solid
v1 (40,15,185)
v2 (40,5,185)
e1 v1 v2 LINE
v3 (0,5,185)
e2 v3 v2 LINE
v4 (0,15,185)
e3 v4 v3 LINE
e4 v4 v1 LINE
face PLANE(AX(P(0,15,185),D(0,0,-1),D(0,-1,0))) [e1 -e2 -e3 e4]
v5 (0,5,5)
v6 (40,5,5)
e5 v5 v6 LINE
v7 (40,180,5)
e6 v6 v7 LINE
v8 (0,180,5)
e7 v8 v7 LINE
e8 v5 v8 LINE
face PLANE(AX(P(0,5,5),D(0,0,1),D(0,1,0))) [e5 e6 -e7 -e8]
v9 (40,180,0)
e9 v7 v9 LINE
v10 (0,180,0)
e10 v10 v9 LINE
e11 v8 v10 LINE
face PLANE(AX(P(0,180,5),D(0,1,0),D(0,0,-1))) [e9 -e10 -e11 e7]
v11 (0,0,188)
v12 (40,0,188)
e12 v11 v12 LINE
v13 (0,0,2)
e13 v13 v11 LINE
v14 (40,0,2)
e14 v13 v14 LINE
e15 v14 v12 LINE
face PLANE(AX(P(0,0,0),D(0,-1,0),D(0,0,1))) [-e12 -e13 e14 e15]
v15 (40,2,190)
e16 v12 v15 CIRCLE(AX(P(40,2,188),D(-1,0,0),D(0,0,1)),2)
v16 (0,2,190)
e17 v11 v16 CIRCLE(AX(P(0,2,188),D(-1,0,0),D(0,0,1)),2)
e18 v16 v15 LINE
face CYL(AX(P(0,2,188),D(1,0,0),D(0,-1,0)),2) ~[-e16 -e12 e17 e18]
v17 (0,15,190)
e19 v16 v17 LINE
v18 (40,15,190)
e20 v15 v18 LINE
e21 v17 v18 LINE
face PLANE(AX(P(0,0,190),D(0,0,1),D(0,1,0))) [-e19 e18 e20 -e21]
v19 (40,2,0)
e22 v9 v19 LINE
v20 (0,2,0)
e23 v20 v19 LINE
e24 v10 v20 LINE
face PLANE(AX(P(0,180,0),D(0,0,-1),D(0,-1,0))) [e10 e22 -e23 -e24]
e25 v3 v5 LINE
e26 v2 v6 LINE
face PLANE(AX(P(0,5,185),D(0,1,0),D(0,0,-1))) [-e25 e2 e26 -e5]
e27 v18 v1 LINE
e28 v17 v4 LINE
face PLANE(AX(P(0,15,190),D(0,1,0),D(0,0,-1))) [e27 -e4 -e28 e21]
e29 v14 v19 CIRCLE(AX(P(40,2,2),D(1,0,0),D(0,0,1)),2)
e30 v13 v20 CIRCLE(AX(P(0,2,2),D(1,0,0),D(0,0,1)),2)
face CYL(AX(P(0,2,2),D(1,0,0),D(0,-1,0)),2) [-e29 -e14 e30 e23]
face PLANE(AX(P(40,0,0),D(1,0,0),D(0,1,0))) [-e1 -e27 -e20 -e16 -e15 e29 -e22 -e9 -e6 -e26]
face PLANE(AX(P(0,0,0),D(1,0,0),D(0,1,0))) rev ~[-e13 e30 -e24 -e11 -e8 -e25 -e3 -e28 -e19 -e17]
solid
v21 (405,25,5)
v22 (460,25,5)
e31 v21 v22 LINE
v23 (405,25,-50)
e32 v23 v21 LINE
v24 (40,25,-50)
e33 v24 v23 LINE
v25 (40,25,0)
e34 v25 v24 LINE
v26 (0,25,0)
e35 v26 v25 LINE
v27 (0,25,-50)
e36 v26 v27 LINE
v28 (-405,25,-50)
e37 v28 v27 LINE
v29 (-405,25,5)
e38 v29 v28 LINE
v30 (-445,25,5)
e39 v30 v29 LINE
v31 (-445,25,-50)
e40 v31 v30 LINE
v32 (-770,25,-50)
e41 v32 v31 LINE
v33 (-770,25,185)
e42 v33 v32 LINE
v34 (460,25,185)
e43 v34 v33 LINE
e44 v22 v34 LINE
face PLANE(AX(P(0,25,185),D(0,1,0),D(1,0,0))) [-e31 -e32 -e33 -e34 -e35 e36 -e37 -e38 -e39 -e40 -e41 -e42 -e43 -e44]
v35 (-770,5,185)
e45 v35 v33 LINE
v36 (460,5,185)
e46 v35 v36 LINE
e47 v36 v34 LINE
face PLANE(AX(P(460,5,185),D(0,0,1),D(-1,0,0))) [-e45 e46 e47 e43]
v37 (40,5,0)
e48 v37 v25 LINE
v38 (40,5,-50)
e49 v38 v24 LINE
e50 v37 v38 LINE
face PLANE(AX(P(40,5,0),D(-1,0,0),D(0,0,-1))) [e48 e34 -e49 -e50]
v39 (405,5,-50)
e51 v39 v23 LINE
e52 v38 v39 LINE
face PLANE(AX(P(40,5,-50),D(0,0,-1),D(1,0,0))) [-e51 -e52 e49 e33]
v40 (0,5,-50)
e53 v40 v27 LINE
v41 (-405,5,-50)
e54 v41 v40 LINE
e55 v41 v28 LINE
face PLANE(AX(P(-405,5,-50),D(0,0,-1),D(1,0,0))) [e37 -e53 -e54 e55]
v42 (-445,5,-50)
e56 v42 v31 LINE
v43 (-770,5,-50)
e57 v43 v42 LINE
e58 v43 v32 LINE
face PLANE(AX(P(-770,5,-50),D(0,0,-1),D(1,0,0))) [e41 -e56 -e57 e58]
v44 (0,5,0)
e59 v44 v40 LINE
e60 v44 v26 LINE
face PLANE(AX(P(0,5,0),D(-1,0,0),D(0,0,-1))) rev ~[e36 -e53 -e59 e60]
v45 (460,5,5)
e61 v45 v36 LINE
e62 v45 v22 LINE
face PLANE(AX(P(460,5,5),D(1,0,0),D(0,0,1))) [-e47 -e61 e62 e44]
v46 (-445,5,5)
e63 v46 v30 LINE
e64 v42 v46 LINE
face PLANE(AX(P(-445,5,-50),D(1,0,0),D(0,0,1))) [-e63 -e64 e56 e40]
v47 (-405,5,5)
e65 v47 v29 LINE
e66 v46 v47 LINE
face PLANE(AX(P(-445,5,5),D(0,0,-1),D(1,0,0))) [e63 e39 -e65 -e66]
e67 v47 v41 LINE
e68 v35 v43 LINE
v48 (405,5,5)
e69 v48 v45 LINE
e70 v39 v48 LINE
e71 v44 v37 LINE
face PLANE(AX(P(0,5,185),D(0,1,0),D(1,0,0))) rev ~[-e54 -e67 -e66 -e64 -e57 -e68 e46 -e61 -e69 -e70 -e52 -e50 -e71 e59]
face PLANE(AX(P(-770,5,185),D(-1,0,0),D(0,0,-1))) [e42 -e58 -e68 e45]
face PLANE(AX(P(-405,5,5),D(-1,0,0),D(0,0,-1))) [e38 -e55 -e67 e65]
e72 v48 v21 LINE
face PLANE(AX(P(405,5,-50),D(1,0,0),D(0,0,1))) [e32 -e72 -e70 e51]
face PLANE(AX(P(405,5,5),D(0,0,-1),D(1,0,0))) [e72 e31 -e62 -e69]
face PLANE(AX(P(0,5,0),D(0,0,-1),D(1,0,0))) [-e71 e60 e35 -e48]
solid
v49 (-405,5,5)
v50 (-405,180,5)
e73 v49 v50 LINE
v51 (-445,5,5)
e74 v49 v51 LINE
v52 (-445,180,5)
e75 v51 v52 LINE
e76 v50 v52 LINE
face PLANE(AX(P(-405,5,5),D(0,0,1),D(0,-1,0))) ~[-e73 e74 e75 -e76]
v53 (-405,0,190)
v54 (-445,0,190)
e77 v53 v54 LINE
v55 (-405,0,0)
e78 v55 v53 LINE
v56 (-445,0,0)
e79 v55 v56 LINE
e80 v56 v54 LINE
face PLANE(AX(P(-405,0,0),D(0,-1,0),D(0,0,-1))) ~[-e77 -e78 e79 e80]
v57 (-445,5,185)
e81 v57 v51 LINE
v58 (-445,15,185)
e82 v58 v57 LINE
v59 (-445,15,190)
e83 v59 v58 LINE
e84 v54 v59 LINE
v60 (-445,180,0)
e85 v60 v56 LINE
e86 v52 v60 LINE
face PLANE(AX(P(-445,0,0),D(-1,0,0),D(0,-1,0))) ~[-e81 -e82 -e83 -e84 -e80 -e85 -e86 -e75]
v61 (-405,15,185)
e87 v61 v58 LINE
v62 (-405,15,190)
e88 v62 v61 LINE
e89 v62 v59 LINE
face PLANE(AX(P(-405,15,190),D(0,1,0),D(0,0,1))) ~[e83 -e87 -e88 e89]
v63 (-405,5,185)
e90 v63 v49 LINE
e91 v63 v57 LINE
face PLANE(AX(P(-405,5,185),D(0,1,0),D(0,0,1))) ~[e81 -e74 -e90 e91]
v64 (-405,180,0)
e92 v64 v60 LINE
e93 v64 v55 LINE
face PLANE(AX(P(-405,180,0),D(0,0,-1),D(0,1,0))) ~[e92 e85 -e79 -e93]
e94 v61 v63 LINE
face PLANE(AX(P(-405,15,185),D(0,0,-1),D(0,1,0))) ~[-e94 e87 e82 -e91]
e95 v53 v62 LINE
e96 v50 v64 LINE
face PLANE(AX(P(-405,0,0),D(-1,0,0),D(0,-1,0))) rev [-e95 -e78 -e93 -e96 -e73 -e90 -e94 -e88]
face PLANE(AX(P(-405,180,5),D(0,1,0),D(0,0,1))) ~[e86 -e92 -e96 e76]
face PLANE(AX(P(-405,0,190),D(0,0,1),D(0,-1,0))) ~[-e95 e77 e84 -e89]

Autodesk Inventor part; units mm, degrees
ref_plane "YZ Plane" through (0, 0, 0) normal (1, 0, 0) x (0, 1, 0)
ref_plane "XZ Plane" through (0, 0, 0) normal (0, 1, 0) x (-1, 0, 0)
sketch "Sketch1" plane through (0, 0, 0) normal (1, 0, 0) x (0, 1, 0)
  line L0 (0, 0) -> (0, 190)
  line L1 (0, 190) -> (15, 190)
  line L2 (15, 190) -> (15, 185)
  line L3 (15, 185) -> (5, 185)
  line L4 (5, 185) -> (5, 5)
  line L5 (5, 5) -> (180, 5)
  line L6 (180, 5) -> (180, 0)
  line L7 (180, 0) -> (0, 0)
  line L8 (5, 95) -> (0, 95) construction
  dimension "d0" = 190
  dimension "d1" = 15
  dimension "d2" = 180
  dimension "d3" = 5
extrude "Extrusion1" add sketch "Sketch1" along normal blind 40
fillet "Fillet1" radius 2 2 edges at (20, 0, 190) (20, 0, 0)
sketch "Sketch2" plane through (0, 5, 185) normal (0, 1, 0) x (1, 0, 0)
  line L0 (460, 0) -> (-770, 0)
  line L1 (-770, 0) -> (-770, 235)
  line L2 (-770, 235) -> (460, 235)
  line L3 (460, 235) -> (460, 0)
  line L4 (0, 0) -> (40, 0) projected
  line L5 (40, 180) -> (40, 0) projected
  line L6 (-405, 235) -> (-405, 0) construction
  line L7 (0, 180) -> (0, 0) construction
  line L8 (-445, 235) -> (-445, 0) construction
  line L9 (-445, 180) -> (-405, 180)
  line L10 (-445, 235) -> (-445, 180)
  line L11 (-405, 180) -> (-405, 235)
  line L12 (0, 185) -> (40, 185)
  line L13 (0, 180) -> (40, 180) projected
  line L14 (0, 180) -> (40, 180)
  line L15 (40, 180) -> (40, 235)
  line L16 (0, 180) -> (0, 235)
  line L17 (405, 235) -> (405, 180)
  line L18 (405, 180) -> (460, 180)
  dimension "d8" = 420
  dimension "d9" = 405
  dimension "d10" = 40
  dimension "d11" = 325
  dimension "d14" = 50
  dimension "d15" = 55
  dimension "d16" = 55
extrude "Extrusion2" add sketch "Sketch2" along normal blind 20 separate body contours L0 L5 L15 L2 L17 L18 L3 | L0 L1 L2 L10 L9 L11 L16 L13 L5 | L13 L16 L12 L15
ref_plane "Work Plane1" through (-202.5, 5, -50) normal (-1, 0, 0) x (0, 0, 1)
mirror "Mirror1" about plane through (-202.5, 5, -50) normal (-1, 0, 0) of "Extrusion1" bodies 1
properties part number "TopShelf"
